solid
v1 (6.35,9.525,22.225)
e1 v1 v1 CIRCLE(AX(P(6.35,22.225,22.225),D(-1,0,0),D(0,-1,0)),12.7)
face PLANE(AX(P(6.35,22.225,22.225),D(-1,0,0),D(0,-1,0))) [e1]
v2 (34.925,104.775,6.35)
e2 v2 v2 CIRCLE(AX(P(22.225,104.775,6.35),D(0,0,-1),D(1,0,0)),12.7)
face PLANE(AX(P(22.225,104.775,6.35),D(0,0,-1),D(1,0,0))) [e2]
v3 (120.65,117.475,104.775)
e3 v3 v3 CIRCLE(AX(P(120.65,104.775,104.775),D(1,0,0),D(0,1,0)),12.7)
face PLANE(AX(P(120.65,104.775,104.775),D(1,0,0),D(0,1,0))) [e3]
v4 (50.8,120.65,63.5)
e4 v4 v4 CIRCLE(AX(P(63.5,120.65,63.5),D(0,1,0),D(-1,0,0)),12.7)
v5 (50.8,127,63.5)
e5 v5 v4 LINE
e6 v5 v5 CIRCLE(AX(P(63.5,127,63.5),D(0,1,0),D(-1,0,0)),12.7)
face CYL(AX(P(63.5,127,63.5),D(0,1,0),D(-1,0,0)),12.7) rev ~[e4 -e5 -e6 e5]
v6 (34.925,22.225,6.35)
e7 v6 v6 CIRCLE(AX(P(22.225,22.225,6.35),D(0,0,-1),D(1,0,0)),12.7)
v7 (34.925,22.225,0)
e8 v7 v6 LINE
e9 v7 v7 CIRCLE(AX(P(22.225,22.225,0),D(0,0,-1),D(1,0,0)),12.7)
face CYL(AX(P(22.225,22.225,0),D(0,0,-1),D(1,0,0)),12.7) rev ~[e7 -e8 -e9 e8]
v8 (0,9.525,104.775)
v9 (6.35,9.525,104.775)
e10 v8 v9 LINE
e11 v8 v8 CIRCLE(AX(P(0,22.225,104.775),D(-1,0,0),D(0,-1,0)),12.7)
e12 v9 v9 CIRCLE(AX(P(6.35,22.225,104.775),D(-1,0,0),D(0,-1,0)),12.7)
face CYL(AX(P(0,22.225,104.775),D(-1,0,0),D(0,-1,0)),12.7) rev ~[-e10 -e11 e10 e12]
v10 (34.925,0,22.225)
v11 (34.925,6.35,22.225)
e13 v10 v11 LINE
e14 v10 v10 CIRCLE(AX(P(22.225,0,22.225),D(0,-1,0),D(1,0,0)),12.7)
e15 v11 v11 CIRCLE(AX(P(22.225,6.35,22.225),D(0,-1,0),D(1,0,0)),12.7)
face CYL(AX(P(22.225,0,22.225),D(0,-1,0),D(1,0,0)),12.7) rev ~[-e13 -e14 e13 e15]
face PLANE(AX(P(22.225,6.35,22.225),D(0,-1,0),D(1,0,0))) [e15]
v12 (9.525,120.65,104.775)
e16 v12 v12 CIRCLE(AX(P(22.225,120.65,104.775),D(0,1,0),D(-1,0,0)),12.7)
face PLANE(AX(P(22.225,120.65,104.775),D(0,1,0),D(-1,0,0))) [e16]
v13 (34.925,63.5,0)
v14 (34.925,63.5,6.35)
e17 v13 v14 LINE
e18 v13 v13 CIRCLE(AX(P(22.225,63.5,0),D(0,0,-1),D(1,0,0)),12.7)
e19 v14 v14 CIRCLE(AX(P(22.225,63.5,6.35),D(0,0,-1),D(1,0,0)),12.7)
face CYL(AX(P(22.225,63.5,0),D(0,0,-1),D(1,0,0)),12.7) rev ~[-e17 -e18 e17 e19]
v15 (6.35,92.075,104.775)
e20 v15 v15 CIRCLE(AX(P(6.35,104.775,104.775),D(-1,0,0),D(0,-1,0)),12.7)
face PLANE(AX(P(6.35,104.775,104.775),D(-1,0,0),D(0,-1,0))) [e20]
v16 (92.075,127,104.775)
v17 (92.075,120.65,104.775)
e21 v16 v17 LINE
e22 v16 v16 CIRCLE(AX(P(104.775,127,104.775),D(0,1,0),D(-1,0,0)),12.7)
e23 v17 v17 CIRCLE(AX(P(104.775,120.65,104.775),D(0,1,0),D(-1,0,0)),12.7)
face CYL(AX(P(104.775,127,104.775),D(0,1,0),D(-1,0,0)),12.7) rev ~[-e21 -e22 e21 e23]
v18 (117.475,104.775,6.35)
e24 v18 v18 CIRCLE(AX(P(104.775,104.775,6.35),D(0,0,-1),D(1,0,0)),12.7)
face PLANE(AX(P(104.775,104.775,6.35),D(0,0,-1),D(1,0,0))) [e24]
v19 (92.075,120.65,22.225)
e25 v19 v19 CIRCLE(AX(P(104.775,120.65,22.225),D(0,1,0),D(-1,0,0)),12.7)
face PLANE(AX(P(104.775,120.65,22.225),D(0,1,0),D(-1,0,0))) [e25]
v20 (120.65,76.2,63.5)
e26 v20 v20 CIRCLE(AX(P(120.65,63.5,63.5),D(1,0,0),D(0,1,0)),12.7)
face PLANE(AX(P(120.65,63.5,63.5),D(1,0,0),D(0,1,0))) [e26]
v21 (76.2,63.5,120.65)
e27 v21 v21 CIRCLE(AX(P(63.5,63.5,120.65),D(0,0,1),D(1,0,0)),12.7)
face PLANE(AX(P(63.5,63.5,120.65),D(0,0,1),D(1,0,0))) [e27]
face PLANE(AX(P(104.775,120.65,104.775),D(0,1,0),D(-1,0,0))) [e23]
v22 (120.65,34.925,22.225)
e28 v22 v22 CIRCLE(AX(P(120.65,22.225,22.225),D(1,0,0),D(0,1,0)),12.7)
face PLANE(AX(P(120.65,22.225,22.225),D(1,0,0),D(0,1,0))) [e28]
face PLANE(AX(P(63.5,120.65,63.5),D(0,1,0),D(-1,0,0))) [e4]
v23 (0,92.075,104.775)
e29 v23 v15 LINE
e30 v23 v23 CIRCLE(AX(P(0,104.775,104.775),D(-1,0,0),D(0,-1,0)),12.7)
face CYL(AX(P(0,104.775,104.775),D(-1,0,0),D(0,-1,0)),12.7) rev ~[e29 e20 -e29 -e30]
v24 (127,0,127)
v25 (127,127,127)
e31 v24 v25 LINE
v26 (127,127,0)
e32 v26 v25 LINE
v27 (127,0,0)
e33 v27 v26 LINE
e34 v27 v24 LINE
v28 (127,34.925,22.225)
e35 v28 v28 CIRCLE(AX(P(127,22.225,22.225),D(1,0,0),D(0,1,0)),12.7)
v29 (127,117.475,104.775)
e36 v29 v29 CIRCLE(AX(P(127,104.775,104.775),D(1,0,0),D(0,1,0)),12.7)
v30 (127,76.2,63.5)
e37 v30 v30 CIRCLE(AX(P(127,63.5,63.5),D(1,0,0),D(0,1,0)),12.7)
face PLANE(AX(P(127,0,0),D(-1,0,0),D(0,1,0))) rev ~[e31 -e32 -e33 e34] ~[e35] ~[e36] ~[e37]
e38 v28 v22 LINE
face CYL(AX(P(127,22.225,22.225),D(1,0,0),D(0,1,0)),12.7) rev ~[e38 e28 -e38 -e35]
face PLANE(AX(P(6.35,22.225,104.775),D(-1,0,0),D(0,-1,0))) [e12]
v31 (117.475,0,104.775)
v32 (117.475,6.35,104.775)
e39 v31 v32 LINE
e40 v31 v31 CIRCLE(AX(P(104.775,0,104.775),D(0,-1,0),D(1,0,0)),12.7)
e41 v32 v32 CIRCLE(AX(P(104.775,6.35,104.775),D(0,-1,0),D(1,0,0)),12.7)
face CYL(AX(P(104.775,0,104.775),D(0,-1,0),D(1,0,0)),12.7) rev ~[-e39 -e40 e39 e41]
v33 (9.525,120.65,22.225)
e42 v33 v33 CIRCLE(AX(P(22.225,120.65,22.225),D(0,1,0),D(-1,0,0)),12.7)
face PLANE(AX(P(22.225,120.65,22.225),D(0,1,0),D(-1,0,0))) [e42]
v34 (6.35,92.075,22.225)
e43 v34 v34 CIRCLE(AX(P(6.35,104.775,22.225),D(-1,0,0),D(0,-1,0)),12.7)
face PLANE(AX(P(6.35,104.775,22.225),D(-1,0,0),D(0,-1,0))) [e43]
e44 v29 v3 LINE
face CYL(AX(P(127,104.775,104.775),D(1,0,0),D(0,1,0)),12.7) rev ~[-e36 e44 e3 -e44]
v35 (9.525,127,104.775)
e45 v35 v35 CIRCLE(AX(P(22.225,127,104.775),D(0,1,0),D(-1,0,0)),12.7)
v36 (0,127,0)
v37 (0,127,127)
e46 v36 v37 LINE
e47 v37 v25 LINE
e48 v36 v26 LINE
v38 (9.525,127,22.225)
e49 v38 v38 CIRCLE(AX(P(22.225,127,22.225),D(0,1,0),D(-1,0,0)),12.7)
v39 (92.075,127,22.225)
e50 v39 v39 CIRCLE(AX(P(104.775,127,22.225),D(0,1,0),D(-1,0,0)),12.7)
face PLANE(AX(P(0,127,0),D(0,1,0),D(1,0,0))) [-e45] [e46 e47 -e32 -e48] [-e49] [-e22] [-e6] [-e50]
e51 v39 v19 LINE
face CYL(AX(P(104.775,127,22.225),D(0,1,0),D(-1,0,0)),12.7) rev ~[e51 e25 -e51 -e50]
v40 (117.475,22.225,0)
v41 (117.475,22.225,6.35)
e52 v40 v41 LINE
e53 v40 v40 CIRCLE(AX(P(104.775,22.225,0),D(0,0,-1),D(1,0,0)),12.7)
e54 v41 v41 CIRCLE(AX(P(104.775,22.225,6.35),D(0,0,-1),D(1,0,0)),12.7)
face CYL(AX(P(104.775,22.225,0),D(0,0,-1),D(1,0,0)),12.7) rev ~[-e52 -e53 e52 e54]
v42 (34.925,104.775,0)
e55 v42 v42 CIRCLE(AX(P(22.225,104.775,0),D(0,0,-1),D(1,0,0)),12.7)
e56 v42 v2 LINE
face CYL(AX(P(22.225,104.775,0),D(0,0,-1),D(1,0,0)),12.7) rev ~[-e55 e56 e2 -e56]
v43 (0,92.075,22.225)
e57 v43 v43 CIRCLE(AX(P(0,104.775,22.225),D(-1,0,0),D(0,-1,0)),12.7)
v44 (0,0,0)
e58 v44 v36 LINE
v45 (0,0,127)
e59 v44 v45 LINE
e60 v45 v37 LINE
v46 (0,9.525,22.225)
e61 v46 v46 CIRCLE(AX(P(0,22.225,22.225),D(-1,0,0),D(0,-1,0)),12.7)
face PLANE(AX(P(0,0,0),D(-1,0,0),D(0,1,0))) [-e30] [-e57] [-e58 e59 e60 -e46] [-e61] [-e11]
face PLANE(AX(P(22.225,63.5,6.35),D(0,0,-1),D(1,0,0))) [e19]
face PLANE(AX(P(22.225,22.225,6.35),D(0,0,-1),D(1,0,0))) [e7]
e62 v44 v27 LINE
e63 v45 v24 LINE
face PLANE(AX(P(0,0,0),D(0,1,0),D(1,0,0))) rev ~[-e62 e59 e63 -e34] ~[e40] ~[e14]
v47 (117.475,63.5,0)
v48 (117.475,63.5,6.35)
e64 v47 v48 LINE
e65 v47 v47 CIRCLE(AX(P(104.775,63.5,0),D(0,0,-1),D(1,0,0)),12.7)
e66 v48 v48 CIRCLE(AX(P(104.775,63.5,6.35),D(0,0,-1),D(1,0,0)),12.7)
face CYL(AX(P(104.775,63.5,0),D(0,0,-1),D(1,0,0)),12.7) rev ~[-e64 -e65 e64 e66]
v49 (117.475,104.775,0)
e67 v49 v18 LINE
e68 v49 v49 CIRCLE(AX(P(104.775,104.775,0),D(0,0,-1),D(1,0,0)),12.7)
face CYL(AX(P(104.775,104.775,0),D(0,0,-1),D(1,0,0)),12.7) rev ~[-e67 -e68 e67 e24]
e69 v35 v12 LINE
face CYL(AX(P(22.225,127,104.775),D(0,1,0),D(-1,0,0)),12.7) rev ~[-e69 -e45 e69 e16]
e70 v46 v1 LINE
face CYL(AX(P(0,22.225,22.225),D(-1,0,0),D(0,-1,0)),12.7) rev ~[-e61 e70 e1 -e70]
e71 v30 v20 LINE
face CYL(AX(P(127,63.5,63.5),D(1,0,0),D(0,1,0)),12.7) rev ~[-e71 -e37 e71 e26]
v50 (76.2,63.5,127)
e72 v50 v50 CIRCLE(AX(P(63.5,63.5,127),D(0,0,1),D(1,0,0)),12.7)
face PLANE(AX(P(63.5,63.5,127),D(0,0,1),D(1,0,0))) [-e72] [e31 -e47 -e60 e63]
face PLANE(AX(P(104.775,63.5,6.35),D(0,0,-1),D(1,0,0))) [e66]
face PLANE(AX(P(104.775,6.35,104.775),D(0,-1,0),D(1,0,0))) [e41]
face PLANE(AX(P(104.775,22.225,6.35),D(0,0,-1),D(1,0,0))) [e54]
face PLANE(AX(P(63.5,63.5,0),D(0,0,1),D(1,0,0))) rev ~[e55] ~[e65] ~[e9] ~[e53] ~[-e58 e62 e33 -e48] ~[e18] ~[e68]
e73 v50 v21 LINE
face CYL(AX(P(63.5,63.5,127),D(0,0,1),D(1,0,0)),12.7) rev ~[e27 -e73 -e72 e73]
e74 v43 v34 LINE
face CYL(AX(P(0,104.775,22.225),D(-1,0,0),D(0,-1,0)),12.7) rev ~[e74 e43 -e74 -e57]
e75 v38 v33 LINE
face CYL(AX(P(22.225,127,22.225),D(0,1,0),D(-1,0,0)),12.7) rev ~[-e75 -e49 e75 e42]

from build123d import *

# Parameters (mm, degrees)
F0_W      = 127
F0_H      = 127
F1_DEPTH  = 127
F2_R      = 12.7
F3_DEPTH  = 6.35
F4_R      = 12.7
F5_DEPTH  = 6.35
F6_R      = 12.7
F7_DEPTH  = 6.35
F8_R      = 12.7
F9_DEPTH  = 6.35
F10_R     = 12.7
F11_DEPTH = 6.35
F12_R     = 12.7
F13_DEPTH = 6.35


with BuildPart() as f1:
    # F0 (on Top) → F1 (new body)
    with BuildSketch(Plane.XY):
        with Locations((63.5, 63.5)):
            Rectangle(F0_W, F0_H)
    extrude(amount=F1_DEPTH)

    # F2 (on face) → F3 (cut)
    with BuildSketch(Plane.XY.offset(127)):
        with Locations((63.5, 63.5)):
            Circle(F2_R)
    extrude(amount=-F3_DEPTH, mode=Mode.SUBTRACT)

    # F4 (on face) → F5 (cut)
    with BuildSketch(Plane.XZ):
        with Locations((22.225, 22.225)):
            Circle(F4_R)
        with Locations((104.775, 104.775)):
            Circle(F4_R)
    extrude(amount=-F5_DEPTH, mode=Mode.SUBTRACT)

    # F6 (on face) → F7 (cut)
    with BuildSketch(Plane.YZ.offset(127)):
        with Locations((22.225, 22.225)):
            Circle(F6_R)
        with Locations((63.5, 63.5)):
            Circle(F6_R)
        with Locations((104.775, 104.775)):
            Circle(F6_R)
    extrude(amount=-F7_DEPTH, mode=Mode.SUBTRACT)

    # F8 (on face) → F9 (cut)
    with BuildSketch(Plane(origin=(0, 0, 0), x_dir=(0, -1, 0), z_dir=(-1, 0, 0))):
        with Locations((-104.775, 22.225)):
            Circle(F8_R)
        with Locations((-22.225, 22.225)):
            Circle(F8_R)
        with Locations((-22.225, 104.775)):
            Circle(F8_R)
        with Locations((-104.775, 104.775)):
            Circle(F8_R)
    extrude(amount=-F9_DEPTH, mode=Mode.SUBTRACT)

    # F10 (on face) → F11 (cut)
    with BuildSketch(Plane(origin=(0, 127, 0), x_dir=(-1, 0, 0), z_dir=(0, 1, 0))):
        with Locations((-104.775, 22.225)):
            Circle(F10_R)
        with Locations((-22.225, 22.225)):
            Circle(F10_R)
        with Locations((-22.225, 104.775)):
            Circle(F10_R)
        with Locations((-104.775, 104.775)):
            Circle(F10_R)
        with Locations((-63.5, 63.5)):
            Circle(F10_R)
    extrude(amount=-F11_DEPTH, mode=Mode.SUBTRACT)

    # F12 (on face) → F13 (cut)
    with BuildSketch(Plane(origin=(0, 0, 0), x_dir=(1, 0, 0), z_dir=(0, 0, -1))):
        with Locations((22.225, -63.5)):
            Circle(F12_R)
        with Locations((104.775, -104.775)):
            Circle(F12_R)
        with Locations((104.775, -63.5)):
            Circle(F12_R)
        with Locations((104.775, -22.225)):
            Circle(F12_R)
        with Locations((22.225, -104.775)):
            Circle(F12_R)
        with Locations((22.225, -22.225)):
            Circle(F12_R)
    extrude(amount=-F13_DEPTH, mode=Mode.SUBTRACT)


solid = f1.part
